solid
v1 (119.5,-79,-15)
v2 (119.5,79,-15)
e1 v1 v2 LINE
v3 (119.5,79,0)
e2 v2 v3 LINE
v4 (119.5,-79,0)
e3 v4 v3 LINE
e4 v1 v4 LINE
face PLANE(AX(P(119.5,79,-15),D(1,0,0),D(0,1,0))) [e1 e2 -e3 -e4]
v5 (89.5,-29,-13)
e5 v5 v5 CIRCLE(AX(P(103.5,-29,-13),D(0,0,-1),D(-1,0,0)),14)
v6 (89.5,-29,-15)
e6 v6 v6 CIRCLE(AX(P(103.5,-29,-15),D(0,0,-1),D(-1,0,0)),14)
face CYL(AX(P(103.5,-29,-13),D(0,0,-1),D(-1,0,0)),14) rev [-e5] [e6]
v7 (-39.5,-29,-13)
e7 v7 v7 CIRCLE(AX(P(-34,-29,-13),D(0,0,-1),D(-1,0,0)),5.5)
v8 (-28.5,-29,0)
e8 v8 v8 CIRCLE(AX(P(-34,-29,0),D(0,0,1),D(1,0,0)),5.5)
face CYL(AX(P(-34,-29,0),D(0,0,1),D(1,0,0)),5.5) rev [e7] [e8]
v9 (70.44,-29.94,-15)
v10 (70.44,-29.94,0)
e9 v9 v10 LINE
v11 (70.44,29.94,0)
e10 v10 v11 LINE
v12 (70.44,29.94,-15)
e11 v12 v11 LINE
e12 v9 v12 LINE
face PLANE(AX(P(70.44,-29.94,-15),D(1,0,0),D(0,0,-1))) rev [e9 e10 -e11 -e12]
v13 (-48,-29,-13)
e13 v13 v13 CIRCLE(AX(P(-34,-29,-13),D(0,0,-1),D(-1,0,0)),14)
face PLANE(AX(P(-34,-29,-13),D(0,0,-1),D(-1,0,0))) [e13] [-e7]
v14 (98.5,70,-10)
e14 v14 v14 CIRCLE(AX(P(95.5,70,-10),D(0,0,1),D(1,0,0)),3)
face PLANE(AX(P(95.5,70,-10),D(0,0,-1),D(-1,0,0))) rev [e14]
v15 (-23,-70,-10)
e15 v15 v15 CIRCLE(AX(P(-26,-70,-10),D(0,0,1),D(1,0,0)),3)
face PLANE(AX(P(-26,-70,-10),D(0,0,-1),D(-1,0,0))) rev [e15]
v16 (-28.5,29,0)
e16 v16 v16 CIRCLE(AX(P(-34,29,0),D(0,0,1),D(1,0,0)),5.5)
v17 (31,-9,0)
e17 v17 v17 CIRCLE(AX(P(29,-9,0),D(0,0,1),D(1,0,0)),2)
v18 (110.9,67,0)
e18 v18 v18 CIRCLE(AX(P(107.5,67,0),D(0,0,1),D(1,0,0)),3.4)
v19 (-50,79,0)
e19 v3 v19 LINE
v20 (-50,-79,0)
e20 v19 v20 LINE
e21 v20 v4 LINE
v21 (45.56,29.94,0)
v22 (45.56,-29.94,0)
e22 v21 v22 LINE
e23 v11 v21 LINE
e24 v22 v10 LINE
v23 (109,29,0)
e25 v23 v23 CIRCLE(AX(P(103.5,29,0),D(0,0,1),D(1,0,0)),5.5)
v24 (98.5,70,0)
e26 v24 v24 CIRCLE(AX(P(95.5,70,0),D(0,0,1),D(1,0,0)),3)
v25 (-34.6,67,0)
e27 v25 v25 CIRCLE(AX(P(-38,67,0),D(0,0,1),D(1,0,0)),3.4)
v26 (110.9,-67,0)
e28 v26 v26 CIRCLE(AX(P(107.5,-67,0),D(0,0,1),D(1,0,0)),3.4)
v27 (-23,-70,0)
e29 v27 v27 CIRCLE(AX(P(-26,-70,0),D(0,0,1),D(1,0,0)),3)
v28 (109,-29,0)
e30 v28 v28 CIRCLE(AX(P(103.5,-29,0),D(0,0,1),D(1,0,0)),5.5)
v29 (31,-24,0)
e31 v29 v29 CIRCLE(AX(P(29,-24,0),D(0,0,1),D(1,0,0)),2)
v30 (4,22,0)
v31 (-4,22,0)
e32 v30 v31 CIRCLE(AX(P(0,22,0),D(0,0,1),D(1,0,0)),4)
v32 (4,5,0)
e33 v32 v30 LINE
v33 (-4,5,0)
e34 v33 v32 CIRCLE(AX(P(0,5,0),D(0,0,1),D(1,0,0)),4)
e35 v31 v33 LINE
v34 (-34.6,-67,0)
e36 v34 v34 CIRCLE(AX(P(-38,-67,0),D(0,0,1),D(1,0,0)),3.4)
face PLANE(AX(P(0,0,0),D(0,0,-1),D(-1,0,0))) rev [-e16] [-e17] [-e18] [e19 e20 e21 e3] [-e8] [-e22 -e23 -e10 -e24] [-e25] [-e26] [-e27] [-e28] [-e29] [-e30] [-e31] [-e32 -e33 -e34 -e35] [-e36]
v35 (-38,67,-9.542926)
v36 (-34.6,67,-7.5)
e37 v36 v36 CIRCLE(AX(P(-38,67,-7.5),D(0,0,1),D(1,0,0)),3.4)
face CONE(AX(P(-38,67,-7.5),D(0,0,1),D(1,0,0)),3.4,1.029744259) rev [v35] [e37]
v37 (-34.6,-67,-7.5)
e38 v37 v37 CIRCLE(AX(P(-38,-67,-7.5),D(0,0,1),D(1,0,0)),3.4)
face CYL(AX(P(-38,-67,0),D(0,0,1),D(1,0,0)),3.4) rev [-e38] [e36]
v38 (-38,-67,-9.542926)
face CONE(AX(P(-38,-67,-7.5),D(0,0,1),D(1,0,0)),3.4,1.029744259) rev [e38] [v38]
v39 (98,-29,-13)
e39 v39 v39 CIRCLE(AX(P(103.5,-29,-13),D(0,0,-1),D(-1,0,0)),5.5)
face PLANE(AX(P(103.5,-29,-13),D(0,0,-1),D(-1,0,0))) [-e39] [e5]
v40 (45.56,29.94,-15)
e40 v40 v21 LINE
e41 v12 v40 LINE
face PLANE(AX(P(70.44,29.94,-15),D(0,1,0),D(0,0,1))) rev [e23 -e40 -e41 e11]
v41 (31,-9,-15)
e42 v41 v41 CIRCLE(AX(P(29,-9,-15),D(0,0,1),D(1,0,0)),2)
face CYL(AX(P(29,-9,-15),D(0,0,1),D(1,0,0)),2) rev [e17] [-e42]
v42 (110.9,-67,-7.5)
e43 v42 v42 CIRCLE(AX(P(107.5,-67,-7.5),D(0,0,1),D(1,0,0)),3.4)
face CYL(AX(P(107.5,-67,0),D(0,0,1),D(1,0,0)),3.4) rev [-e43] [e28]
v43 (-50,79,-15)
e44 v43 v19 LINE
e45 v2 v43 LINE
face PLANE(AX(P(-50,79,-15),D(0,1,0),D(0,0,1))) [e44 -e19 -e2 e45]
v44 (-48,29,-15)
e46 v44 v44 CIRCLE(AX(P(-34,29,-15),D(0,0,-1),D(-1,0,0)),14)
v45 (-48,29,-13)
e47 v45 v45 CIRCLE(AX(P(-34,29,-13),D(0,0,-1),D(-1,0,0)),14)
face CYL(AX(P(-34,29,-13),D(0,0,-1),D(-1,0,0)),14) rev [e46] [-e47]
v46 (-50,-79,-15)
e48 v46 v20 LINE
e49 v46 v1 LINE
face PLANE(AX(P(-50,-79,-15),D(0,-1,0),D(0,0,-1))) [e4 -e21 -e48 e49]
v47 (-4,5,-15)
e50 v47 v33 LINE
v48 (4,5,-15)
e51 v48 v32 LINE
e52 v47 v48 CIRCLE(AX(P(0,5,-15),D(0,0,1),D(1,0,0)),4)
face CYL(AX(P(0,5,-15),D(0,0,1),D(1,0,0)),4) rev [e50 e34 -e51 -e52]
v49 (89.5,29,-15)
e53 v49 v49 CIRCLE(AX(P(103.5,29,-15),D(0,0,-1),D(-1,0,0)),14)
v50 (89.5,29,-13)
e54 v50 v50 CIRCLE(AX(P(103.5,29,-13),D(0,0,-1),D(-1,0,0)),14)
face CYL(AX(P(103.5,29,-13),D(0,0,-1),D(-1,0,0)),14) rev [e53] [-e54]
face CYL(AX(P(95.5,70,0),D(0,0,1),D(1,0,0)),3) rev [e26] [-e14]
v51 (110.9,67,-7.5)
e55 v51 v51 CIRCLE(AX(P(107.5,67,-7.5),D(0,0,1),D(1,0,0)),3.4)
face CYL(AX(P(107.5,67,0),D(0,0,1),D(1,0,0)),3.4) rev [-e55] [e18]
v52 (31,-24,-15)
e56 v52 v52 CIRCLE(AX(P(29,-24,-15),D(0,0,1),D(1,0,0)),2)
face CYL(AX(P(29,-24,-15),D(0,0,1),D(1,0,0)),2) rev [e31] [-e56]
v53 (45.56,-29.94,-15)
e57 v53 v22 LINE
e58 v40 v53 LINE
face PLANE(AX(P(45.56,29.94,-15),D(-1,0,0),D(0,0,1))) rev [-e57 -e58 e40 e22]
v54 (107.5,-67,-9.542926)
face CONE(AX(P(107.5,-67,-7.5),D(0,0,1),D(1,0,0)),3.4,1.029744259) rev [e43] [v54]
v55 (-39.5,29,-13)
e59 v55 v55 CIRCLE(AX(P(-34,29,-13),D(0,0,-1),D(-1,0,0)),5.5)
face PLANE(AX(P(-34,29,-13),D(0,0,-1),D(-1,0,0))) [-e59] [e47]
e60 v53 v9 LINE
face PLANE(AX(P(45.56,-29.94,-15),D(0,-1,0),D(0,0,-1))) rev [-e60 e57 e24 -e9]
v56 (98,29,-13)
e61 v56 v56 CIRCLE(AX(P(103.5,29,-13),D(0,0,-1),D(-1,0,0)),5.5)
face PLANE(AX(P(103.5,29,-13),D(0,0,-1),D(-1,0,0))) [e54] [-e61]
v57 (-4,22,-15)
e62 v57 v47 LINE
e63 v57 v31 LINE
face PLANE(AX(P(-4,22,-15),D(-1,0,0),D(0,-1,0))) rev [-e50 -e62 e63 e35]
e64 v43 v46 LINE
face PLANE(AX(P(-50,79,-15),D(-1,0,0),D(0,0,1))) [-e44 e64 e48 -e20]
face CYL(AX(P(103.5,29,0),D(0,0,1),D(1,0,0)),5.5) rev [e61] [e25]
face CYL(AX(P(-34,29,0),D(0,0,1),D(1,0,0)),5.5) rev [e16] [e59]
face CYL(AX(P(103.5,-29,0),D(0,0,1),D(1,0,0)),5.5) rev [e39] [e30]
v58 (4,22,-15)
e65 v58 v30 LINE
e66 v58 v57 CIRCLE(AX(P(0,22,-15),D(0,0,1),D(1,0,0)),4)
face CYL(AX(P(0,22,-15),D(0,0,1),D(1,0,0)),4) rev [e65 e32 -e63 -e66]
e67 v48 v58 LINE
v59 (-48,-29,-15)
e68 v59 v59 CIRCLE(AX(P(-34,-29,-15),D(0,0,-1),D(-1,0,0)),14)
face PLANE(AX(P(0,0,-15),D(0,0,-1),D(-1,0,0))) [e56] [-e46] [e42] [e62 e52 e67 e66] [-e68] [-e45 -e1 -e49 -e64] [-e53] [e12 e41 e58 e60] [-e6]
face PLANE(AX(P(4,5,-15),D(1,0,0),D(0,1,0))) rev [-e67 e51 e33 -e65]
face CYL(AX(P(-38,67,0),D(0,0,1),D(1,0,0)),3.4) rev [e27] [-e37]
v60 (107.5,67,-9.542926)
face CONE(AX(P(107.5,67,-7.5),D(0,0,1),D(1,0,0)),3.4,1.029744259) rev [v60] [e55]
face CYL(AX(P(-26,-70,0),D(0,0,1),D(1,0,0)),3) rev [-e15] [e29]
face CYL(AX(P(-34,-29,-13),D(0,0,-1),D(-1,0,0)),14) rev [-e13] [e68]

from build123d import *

# Parameters (mm, degrees)
SKETCH2_W                           = 169.5
SKETCH2_H                           = 158
SKETCH2_R                           = 2
SKETCH2_W_2                         = 24.88
SKETCH2_H_2                         = 59.88
BOSS_EXTRUDE1_DEPTH                 = 15
M8X1_25_TAPPED_HOLE1_D              = 6.8
M8X1_25_TAPPED_HOLE1_DEPTH          = 7.5
M8X1_25_TAPPED_HOLE1_TIP            = 2.042926105
F_6_0MM_CLEARANCE_DOWEL_HOLE1_D     = 6
F_6_0MM_CLEARANCE_DOWEL_HOLE1_DEPTH = 10
SKETCH7_R                           = 14
CUT_EXTRUDE1_DEPTH                  = 2
M10_CLEARANCE_HOLE1_D               = 11


with BuildPart() as part:
    # Sketch2 → Boss-Extrude1 (new body)
    with BuildSketch(Plane.XY):
        with Locations((34.75, 0)):
            Rectangle(SKETCH2_W, SKETCH2_H)
        with Locations((29, -9)):
            Circle(SKETCH2_R, mode=Mode.SUBTRACT)
        with Locations((29, -24)):
            Circle(SKETCH2_R, mode=Mode.SUBTRACT)
        with BuildLine():
            Line((-4, 22), (-4, 5))
            ThreePointArc((-4, 5), (0, 1), (4, 5))
            Line((4, 5), (4, 22))
            ThreePointArc((4, 22), (0, 26), (-4, 22))
        make_face(mode=Mode.SUBTRACT)
        with Locations((58, 0)):
            Rectangle(SKETCH2_W_2, SKETCH2_H_2, mode=Mode.SUBTRACT)
    extrude(amount=-BOSS_EXTRUDE1_DEPTH)

    # M8x1.25 Tapped Hole1
    with Locations(Plane(origin=(0, 0, 0), x_dir=(0.9063077870366375, -0.42261826174072625, 0), z_dir=(0, 0, 1))):
        with Locations((125.743510643, -15.291158594), (69.11266357, 106.154084869), (-62.755119444, 44.663127785), (-6.124272371, -76.782115678)):
            Hole(M8X1_25_TAPPED_HOLE1_D / 2, depth=M8X1_25_TAPPED_HOLE1_DEPTH)
            with Locations((0, 0, -(M8X1_25_TAPPED_HOLE1_DEPTH + M8X1_25_TAPPED_HOLE1_TIP / 2))):  # 118° drill point
                Cone(0, M8X1_25_TAPPED_HOLE1_D / 2, M8X1_25_TAPPED_HOLE1_TIP, mode=Mode.SUBTRACT)

    # Ø6.0mm Clearance Dowel Hole1
    with Locations(Plane(origin=(0, 0, 0), x_dir=(0.9063077870366375, -0.42261826174072625, 0), z_dir=(0, 0, 1))):
        with Locations((56.96911534, 103.801589089), (6.019275859, -74.429619898)):
            Hole(F_6_0MM_CLEARANCE_DOWEL_HOLE1_D / 2, depth=F_6_0MM_CLEARANCE_DOWEL_HOLE1_DEPTH)

    # Sketch7 → Cut-Extrude1 (cut)
    with BuildSketch(Plane(origin=(0, 0, -15), x_dir=(-1, 0, 0), z_dir=(0, 0, -1))):
        with Locations((-103.5, 29)):
            Circle(SKETCH7_R)
        with Locations((34, 29)):
            Circle(SKETCH7_R)
        with Locations((34, -29)):
            Circle(SKETCH7_R)
        with Locations((-103.5, -29)):
            Circle(SKETCH7_R)
    extrude(amount=-CUT_EXTRUDE1_DEPTH, mode=Mode.SUBTRACT)

    # M10 Clearance Hole1 (through all)
    with Locations(Plane(origin=(0, 0, 0), x_dir=(0.9063077870366375, -0.42261826174072625, 0), z_dir=(0, 0, 1))):
        with Locations((-43.07039435, 11.913904925), (-18.558535169, -40.651946723), (81.546926368, 70.023915914), (106.058785549, 17.458064266)):
            Hole(M10_CLEARANCE_HOLE1_D / 2)


solid = part.part
